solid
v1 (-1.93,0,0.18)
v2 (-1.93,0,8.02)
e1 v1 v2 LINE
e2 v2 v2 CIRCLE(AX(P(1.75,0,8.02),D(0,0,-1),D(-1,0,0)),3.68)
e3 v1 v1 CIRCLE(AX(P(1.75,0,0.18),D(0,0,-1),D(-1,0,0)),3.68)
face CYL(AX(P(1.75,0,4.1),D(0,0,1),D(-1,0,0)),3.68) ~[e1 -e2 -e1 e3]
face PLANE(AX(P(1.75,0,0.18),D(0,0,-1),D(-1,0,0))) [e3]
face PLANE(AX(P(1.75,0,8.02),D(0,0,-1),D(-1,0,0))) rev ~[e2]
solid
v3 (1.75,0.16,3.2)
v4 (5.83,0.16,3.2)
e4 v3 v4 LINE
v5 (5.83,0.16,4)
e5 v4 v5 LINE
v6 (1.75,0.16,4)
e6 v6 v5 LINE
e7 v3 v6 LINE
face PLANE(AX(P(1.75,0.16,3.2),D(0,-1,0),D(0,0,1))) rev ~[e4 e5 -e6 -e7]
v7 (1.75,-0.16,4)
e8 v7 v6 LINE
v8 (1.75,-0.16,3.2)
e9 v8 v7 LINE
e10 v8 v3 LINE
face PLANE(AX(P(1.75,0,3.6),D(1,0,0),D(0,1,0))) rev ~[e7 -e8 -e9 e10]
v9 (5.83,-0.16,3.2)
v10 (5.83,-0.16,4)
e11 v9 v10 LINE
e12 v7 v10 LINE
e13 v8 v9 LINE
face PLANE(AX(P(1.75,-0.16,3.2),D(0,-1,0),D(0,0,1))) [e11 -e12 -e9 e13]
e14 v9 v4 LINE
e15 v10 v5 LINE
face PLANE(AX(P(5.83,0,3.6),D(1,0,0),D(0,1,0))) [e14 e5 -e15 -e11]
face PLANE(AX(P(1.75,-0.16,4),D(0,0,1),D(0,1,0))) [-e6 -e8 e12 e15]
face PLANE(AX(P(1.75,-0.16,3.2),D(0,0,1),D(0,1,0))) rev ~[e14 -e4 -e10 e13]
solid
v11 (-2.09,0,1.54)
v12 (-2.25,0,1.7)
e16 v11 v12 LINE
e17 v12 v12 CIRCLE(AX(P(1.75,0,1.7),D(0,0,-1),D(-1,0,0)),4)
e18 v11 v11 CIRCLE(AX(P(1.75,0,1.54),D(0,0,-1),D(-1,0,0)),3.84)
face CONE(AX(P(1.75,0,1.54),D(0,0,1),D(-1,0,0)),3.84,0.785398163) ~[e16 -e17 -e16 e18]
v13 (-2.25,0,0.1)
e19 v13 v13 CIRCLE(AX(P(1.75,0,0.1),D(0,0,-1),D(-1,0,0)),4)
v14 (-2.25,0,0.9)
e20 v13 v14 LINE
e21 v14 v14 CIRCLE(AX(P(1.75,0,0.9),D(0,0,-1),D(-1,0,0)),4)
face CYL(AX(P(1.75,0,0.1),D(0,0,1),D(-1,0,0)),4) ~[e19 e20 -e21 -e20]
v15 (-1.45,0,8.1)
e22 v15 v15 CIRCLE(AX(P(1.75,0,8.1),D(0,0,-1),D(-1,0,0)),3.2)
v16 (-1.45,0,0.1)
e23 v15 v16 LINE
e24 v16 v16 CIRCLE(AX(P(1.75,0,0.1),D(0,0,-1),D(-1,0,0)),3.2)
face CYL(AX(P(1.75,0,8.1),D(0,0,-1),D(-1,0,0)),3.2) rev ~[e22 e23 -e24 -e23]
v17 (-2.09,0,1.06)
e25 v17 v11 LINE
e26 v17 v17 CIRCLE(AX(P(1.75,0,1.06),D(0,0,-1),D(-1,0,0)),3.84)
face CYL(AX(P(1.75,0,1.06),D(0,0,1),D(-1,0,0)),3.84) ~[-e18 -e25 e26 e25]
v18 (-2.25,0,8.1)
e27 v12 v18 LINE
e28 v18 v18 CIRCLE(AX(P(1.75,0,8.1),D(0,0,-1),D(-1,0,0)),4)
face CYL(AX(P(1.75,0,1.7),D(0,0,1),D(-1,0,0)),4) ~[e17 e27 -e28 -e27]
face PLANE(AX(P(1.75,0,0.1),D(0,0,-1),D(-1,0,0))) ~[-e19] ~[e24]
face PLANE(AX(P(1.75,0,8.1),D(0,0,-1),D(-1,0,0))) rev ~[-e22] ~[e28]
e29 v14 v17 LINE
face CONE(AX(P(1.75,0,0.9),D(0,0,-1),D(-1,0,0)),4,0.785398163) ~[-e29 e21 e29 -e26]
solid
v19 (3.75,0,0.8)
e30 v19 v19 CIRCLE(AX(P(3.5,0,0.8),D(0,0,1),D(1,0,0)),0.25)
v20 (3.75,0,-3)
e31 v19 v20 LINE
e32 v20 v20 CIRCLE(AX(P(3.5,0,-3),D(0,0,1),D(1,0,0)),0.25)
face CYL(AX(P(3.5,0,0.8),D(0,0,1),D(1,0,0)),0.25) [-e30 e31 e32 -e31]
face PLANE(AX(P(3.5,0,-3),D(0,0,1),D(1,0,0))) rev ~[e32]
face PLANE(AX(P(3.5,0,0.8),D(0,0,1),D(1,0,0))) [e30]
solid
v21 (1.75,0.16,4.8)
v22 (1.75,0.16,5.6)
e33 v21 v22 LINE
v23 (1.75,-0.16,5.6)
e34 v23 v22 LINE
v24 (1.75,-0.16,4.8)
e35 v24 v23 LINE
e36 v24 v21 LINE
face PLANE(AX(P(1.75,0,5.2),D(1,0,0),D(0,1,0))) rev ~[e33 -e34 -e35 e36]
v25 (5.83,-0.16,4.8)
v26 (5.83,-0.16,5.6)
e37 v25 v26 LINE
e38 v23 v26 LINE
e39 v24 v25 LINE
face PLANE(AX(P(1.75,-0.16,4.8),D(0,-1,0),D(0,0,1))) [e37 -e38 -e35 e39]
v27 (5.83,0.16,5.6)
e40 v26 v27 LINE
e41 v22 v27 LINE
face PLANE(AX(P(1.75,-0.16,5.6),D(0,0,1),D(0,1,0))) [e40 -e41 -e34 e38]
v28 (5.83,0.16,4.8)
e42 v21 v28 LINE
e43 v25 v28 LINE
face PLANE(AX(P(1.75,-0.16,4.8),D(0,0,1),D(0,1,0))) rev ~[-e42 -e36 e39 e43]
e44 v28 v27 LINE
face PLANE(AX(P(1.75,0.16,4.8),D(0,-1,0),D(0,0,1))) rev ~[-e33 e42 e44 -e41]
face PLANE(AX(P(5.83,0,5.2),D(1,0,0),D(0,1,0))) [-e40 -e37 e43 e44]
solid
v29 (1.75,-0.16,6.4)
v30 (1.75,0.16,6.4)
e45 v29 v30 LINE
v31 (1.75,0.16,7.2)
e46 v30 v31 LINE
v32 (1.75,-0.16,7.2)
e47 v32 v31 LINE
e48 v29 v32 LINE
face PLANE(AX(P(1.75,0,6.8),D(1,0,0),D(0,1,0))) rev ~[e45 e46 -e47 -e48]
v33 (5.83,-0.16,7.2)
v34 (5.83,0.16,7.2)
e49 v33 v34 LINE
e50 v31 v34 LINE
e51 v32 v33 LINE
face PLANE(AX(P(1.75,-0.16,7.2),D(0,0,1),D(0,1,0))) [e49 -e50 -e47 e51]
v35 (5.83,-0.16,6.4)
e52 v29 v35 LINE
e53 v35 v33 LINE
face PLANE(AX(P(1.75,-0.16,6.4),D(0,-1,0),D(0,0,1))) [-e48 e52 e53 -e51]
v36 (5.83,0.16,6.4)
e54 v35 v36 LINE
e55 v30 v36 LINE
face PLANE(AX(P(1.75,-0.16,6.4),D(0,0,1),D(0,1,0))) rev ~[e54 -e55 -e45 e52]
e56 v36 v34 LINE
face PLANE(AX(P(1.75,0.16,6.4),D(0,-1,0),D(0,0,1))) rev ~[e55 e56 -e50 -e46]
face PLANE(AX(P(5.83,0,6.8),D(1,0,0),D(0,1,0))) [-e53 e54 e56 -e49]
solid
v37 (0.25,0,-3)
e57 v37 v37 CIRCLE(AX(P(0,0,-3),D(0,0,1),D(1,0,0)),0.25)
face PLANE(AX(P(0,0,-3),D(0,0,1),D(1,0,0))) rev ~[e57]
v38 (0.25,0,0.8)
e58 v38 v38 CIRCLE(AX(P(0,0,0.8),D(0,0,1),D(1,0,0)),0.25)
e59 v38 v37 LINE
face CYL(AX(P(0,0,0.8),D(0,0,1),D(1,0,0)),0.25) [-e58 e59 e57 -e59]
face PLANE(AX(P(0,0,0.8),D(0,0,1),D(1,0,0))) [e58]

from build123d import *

# Parameters (mm, degrees)
SKETCH002_W  = 3.68
SKETCH002_H  = 7.84
SKETCH003_R  = 0.25
PAD_DEPTH    = 3.8
SKETCH004_W  = 0.32
SKETCH004_H  = 0.8
PAD001_DEPTH = 4.08


with BuildPart() as revolution:
    # Sketch → Revolution (revolve)
    with BuildSketch(Plane.XZ):
        Polygon((-2.25, 0.1), (-2.25, 0.9), (-2.09, 1.06), (-2.09, 1.54), (-2.25, 1.7), (-2.25, 8.1), (-1.45, 8.1), (-1.45, 0.1), align=None)
    revolve(axis=Axis((1.75, 0, 7.548619), (0, 0, -1)))


with BuildPart() as revolution001:
    # Sketch002 → Revolution001 (revolve)
    with BuildSketch(Plane.XZ):
        with Locations((-0.09, 4.1)):
            Rectangle(SKETCH002_W, SKETCH002_H)
    revolve(axis=Axis((1.75, 0, 4.680116), (0, 0, -1)))


with BuildPart() as pad:
    # Sketch003 → Pad (new body)
    with BuildSketch(Plane.XY.offset(0.8)):
        Circle(SKETCH003_R)
        with Locations((3.5, 0)):
            Circle(SKETCH003_R)
    extrude(amount=-PAD_DEPTH)


with BuildPart() as pad001:
    # Sketch004 → Pad001 (new body)
    with BuildSketch(Plane.YZ.offset(1.75)):
        with Locations((0, 3.6)):
            Rectangle(SKETCH004_W, SKETCH004_H)
        with Locations((0, 5.2)):
            Rectangle(SKETCH004_W, SKETCH004_H)
        with Locations((0, 6.8)):
            Rectangle(SKETCH004_W, SKETCH004_H)
    extrude(amount=PAD001_DEPTH)


solid = Compound([revolution.part, revolution001.part, pad.part, pad001.part])
